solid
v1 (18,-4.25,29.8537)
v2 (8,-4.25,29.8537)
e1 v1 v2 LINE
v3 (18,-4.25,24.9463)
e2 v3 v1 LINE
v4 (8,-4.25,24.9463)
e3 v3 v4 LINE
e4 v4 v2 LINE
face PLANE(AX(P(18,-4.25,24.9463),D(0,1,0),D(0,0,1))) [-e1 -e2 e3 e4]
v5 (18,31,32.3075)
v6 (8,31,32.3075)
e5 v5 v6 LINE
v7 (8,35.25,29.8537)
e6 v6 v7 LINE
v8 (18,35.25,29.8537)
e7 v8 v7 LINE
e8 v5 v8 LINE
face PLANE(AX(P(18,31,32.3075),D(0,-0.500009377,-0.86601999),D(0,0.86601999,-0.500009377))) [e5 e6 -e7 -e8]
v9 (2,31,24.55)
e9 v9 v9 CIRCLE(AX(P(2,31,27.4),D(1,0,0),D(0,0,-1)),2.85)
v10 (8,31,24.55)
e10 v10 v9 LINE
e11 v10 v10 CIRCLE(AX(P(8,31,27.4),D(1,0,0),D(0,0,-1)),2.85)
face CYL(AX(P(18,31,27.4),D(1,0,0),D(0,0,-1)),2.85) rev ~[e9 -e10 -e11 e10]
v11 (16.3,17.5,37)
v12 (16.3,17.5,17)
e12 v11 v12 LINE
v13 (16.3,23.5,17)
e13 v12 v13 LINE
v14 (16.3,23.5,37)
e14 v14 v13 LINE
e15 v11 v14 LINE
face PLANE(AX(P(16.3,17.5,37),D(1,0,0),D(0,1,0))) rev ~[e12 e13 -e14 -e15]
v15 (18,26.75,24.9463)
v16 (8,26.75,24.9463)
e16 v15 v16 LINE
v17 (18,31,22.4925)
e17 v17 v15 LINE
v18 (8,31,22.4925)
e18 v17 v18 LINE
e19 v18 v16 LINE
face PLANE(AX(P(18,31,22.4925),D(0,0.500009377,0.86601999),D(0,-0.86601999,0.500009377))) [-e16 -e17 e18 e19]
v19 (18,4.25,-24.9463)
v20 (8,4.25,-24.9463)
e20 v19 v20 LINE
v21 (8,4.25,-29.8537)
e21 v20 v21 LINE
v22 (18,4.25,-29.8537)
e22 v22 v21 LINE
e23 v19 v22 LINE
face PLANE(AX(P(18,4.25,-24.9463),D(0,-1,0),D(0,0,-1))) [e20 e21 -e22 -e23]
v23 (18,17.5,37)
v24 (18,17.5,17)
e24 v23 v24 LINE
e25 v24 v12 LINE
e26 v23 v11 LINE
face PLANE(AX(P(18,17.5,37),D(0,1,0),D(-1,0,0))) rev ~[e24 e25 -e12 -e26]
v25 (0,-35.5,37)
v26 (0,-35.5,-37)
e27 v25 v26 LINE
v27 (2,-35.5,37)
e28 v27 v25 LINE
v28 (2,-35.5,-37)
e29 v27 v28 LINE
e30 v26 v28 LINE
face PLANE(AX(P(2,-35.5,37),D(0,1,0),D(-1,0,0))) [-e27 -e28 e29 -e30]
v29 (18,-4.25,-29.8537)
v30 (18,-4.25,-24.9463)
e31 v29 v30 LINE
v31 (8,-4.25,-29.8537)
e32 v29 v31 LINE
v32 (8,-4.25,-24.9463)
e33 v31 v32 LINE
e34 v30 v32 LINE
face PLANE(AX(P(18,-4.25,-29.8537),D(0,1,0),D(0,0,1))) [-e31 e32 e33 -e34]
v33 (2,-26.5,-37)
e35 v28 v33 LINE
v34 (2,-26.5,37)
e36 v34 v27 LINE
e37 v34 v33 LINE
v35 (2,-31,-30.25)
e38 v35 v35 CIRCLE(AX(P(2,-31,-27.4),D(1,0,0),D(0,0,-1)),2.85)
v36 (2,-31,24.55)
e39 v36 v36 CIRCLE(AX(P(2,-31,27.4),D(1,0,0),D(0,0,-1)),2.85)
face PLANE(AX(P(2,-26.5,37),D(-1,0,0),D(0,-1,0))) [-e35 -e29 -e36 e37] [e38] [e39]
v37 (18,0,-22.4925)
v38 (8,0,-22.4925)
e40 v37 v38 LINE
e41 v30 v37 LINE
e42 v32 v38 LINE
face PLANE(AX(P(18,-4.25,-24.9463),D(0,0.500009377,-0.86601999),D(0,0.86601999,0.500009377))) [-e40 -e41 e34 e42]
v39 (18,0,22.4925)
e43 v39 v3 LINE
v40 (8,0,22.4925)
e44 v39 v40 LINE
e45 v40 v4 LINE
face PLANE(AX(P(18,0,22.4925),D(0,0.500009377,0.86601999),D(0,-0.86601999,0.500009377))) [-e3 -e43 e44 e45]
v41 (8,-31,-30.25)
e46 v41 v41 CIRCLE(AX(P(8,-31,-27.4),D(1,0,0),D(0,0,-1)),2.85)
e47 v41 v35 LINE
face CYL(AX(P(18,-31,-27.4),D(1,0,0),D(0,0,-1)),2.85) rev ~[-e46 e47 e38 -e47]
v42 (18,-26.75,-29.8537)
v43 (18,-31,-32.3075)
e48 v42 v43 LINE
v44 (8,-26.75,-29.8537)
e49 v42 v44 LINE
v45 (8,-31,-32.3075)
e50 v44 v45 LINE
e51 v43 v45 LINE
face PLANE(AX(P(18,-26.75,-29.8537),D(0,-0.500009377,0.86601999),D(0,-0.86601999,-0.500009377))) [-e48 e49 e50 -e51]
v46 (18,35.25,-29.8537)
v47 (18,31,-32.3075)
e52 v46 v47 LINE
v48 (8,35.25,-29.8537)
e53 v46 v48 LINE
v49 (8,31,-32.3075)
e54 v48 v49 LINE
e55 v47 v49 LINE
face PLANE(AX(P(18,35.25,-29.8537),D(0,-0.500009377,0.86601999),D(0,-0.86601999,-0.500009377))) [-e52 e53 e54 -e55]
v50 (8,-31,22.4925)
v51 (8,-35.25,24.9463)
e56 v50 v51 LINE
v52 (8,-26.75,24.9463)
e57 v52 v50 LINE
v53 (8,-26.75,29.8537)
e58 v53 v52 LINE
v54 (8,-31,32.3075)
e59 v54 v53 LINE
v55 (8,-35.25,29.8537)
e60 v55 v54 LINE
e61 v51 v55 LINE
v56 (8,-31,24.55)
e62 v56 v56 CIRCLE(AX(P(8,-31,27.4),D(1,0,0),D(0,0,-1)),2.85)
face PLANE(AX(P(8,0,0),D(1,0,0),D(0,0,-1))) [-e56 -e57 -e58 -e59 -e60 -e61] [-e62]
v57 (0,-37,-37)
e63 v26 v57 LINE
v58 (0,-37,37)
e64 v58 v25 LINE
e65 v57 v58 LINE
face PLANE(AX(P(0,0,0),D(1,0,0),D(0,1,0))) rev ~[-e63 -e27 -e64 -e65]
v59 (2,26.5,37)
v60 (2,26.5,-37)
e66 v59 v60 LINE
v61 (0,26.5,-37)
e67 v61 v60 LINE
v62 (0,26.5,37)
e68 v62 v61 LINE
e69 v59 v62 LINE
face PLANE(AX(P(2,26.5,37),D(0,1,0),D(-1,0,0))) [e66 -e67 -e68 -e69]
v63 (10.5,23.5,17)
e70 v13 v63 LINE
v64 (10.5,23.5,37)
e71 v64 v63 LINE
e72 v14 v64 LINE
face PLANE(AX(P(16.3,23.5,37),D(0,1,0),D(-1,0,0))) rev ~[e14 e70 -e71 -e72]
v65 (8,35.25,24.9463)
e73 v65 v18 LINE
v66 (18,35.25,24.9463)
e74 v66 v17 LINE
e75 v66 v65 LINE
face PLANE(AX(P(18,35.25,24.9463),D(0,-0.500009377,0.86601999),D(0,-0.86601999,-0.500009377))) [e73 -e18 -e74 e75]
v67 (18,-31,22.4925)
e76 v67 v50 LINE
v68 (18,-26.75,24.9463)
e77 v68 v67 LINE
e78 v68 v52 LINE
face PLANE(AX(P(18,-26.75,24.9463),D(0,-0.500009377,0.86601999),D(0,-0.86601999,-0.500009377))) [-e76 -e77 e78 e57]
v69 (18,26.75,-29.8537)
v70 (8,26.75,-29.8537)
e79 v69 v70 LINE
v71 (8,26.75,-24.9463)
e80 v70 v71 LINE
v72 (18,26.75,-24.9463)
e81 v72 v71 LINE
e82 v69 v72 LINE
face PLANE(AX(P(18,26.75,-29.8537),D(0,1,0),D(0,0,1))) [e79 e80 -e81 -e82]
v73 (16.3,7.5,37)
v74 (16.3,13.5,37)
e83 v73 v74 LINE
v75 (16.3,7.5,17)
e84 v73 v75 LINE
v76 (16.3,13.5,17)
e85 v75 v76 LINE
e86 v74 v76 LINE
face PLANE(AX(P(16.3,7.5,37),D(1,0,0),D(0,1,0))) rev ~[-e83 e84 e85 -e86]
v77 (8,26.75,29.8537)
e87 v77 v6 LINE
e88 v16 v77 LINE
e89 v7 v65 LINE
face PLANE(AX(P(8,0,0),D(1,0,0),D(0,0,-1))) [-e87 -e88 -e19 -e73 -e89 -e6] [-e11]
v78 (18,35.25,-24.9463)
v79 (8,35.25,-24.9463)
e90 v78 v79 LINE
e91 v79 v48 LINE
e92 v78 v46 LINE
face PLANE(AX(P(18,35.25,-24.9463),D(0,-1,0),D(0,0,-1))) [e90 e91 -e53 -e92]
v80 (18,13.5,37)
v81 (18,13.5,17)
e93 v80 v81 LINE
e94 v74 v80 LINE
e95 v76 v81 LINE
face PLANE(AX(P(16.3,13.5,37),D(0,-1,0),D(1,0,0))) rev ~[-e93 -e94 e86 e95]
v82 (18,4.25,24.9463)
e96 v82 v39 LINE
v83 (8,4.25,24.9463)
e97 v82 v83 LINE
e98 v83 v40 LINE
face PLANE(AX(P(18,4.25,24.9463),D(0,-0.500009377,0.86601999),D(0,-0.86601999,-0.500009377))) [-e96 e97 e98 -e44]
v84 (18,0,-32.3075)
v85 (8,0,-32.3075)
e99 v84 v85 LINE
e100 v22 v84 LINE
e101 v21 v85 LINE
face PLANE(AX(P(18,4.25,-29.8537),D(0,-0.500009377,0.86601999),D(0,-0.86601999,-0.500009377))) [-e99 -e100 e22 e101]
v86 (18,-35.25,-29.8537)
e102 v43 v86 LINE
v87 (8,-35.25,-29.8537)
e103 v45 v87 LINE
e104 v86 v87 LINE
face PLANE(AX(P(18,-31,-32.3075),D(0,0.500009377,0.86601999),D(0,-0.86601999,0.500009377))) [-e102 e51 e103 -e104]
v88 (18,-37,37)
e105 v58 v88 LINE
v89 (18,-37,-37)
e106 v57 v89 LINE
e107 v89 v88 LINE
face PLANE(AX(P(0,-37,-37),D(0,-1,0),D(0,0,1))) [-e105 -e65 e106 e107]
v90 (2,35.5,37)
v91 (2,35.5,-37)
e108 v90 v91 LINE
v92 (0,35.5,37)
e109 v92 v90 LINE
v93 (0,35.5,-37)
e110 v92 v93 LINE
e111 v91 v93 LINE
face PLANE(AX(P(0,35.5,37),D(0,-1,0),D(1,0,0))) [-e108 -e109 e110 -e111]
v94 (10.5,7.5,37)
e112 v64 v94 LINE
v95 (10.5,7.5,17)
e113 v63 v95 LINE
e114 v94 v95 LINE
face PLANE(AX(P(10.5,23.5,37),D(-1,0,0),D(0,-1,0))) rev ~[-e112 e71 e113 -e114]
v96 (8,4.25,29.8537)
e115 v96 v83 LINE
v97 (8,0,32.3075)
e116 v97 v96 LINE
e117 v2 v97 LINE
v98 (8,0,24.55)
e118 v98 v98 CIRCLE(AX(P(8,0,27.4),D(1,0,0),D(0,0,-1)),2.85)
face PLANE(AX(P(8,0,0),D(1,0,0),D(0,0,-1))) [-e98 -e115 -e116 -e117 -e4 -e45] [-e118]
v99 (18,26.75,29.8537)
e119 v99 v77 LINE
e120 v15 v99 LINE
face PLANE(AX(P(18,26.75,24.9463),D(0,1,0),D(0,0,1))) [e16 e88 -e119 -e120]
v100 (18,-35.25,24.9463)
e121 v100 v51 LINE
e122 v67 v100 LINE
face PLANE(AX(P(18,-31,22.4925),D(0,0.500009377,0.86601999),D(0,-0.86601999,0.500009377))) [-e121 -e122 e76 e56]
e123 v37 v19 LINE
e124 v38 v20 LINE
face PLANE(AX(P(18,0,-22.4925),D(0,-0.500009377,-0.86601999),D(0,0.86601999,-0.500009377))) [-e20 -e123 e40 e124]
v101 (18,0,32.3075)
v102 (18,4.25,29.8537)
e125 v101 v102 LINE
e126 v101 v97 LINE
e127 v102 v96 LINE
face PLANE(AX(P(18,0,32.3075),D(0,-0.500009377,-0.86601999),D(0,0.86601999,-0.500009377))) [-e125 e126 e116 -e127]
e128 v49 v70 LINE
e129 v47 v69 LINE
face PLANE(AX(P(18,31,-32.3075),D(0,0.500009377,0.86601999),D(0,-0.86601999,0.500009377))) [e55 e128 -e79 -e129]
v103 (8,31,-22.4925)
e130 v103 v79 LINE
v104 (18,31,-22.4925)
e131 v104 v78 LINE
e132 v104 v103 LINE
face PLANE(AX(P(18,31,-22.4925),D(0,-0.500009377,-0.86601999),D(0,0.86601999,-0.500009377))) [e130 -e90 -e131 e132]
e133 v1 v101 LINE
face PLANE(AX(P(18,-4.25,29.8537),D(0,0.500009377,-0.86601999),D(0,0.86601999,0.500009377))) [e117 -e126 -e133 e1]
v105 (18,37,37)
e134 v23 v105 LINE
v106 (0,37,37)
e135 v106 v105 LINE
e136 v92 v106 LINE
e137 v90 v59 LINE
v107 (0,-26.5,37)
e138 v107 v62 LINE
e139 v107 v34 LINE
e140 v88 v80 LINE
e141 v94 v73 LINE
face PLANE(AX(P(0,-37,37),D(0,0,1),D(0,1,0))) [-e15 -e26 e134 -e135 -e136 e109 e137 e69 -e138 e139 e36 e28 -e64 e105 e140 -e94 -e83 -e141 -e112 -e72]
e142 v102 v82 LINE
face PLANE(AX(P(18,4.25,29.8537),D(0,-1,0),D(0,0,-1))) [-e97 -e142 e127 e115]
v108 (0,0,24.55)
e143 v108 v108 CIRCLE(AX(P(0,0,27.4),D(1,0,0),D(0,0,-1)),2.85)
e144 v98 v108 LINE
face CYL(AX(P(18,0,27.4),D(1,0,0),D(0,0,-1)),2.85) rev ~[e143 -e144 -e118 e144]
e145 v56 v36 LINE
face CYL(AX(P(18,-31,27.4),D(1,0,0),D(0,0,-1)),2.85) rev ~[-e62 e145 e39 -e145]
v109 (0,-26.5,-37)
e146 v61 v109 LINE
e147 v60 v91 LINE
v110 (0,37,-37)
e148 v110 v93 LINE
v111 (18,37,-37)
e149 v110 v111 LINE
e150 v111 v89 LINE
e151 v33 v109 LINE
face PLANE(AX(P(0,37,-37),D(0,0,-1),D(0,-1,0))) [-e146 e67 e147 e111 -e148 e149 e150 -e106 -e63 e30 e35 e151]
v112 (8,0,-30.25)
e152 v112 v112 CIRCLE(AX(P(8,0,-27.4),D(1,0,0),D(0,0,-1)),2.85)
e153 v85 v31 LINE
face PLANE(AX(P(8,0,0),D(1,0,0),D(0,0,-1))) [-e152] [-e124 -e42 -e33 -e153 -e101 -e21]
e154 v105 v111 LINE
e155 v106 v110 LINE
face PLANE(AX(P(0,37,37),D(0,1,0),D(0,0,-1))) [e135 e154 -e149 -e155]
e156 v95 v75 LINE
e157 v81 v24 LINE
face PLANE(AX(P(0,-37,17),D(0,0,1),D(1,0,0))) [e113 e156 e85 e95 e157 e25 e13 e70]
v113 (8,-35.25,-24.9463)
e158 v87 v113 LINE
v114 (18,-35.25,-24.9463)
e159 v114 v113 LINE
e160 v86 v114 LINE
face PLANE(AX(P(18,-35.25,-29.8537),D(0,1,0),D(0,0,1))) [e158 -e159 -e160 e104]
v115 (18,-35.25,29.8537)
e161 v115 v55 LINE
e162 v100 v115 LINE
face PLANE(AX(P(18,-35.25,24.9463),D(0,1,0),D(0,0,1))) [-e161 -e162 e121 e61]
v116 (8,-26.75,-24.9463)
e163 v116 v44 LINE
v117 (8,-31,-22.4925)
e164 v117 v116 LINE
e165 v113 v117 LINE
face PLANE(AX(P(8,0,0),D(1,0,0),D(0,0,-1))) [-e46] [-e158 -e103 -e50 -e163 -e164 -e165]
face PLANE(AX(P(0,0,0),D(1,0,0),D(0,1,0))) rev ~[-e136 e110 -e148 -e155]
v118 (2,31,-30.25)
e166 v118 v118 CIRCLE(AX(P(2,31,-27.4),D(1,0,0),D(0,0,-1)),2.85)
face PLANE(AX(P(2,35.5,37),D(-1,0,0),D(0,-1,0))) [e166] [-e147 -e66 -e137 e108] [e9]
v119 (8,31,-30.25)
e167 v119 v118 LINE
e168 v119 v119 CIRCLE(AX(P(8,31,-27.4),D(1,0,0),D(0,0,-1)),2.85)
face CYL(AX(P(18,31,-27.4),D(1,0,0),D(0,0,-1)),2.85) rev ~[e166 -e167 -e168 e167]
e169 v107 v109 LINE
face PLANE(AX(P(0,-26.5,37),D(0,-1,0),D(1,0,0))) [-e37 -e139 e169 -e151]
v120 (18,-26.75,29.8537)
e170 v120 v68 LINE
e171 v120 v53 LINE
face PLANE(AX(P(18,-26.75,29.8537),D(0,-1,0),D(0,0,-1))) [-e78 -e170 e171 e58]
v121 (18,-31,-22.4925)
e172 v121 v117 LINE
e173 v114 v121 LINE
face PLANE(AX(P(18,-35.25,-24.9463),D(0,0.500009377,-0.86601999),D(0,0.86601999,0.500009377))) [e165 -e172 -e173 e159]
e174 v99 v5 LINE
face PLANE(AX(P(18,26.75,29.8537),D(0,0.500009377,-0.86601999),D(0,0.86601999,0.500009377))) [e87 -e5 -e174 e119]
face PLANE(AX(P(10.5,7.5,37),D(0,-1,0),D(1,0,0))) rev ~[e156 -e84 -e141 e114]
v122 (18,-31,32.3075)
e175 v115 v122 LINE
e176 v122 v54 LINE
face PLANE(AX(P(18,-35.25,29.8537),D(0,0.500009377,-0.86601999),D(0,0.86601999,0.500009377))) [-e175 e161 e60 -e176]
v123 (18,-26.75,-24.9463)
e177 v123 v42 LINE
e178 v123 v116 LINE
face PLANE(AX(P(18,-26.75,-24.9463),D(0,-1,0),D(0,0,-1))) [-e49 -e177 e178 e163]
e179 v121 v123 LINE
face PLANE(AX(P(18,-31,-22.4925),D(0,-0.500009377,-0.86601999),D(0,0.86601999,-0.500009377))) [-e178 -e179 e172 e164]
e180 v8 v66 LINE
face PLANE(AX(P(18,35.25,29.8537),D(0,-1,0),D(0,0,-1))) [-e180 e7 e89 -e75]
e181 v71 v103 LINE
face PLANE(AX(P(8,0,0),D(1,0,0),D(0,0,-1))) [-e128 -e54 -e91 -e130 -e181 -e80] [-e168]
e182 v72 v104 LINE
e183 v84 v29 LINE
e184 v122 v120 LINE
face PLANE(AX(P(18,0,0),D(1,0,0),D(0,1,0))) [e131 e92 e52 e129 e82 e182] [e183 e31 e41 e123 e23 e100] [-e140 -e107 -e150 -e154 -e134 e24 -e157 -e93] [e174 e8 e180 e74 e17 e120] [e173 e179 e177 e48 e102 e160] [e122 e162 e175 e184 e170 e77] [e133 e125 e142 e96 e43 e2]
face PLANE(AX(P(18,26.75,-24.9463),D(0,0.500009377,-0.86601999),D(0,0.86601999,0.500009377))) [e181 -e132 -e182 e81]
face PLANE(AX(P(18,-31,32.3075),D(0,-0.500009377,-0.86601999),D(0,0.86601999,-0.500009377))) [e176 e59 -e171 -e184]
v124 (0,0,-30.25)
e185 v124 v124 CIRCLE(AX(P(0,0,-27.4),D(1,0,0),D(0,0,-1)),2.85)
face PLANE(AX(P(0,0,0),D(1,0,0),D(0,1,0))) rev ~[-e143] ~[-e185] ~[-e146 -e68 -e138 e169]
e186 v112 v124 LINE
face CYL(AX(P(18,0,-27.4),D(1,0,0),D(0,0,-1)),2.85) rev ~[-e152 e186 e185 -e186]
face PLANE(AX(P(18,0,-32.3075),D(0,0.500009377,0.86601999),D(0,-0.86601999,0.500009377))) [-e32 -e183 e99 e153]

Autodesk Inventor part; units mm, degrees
ref_plane "YZ Plane" through (0, 0, 0) normal (1, 0, 0) x (0, 1, 0)
ref_plane "XZ Plane" through (0, 0, 0) normal (0, 1, 0) x (-1, 0, 0)
ref_plane "XY Plane" through (0, 0, 0) normal (0, 0, 1) x (1, 0, 0)
sketch "Szkic1" plane through (0, 0, 0) normal (1, 0, 0) x (0, 1, 0)
  line L0 (-37, 37) -> (37, 37)
  line L1 (37, 37) -> (37, -37)
  line L2 (37, -37) -> (-37, -37)
  line L3 (-37, -37) -> (-37, 37)
  line L4 (-37, 37) -> (37, -37) construction
  line L5 (37, 37) -> (-37, -37) construction
  point P0 (0, 0)
  dimension "d0" = 74
  dimension "d1" = 74
extrude "Wyciągnięcie proste1" add sketch "Szkic1" along normal blind 18
sketch "Szkic2" plane through (18, 0, 0) normal (1, 0, 0) x (0, 0, -1)
  circle A0 centre (-27.4, 31) radius 2.85
  line L0 (37, 37) -> (-37, 37) projected
  line L1 (-37, 37) -> (-37, -37) projected
  circle A1 centre (-27.4, 0) radius 2.85
  circle A2 centre (-27.4, -31) radius 2.85
  circle A3 centre (27.4, 31) radius 2.85
  line L2 (37, -37) -> (37, 37) projected
  circle A4 centre (27.4, 0) radius 2.85
  circle A5 centre (27.4, -31) radius 2.85
  line L3 (-29.8537, 35.25) -> (-24.9463, 35.25)
  line L4 (-24.9463, 35.25) -> (-22.4925, 31)
  line L5 (-22.4925, 31) -> (-24.9463, 26.75)
  line L6 (-24.9463, 26.75) -> (-29.8537, 26.75)
  line L7 (-29.8537, 26.75) -> (-32.3075, 31)
  line L8 (-32.3075, 31) -> (-29.8537, 35.25)
  line L9 (-29.8537, 4.25) -> (-24.9463, 4.25)
  line L10 (-24.9463, 4.25) -> (-22.4925, 0)
  line L11 (-22.4925, 0) -> (-24.9463, -4.25)
  line L12 (-24.9463, -4.25) -> (-29.8537, -4.25)
  line L13 (-29.8537, -4.25) -> (-32.3075, 0)
  line L14 (-32.3075, 0) -> (-29.8537, 4.25)
  line L15 (-29.8537, -26.75) -> (-24.9463, -26.75)
  line L16 (-24.9463, -26.75) -> (-22.4925, -31)
  line L17 (-22.4925, -31) -> (-24.9463, -35.25)
  line L18 (-24.9463, -35.25) -> (-29.8537, -35.25)
  line L19 (-29.8537, -35.25) -> (-32.3075, -31)
  line L20 (-32.3075, -31) -> (-29.8537, -26.75)
  line L21 (29.8537, 35.25) -> (32.3075, 31)
  line L22 (32.3075, 31) -> (29.8537, 26.75)
  line L23 (29.8537, 26.75) -> (24.9463, 26.75)
  line L24 (24.9463, 26.75) -> (22.4925, 31)
  line L25 (22.4925, 31) -> (24.9463, 35.25)
  line L26 (24.9463, 35.25) -> (29.8537, 35.25)
  line L27 (29.8537, 4.25) -> (32.3075, 0)
  line L28 (32.3075, 0) -> (29.8537, -4.25)
  line L29 (29.8537, -4.25) -> (24.9463, -4.25)
  line L30 (24.9463, -4.25) -> (22.4925, 0)
  line L31 (22.4925, 0) -> (24.9463, 4.25)
  line L32 (24.9463, 4.25) -> (29.8537, 4.25)
  line L33 (29.8537, -26.75) -> (32.3075, -31)
  line L34 (32.3075, -31) -> (29.8537, -35.25)
  line L35 (29.8537, -35.25) -> (24.9463, -35.25)
  line L36 (24.9463, -35.25) -> (22.4925, -31)
  line L37 (22.4925, -31) -> (24.9463, -26.75)
  line L38 (24.9463, -26.75) -> (29.8537, -26.75)
  point P0 (0, 0)
  point P1 (27.4, -26.75)
  dimension "d4" = 6
  dimension "d5" = 5.7
  dimension "d6" = 9.6
  dimension "d7" = 31
  dimension "d8" = 31
  dimension "d9" = 5.7
  dimension "d10" = 5.7
  dimension "d11" = 9.6
  dimension "d12" = 5.7
  dimension "d13" = 5.7
  dimension "d14" = 5.7
  dimension "d15" = 8.5
  dimension "d16" = 8.5
  dimension "d17" = 8.5
  dimension "d18" = 8.5
  dimension "d19" = 8.5
  dimension "d20" = 8.5
extrude "Wyciągnięcie proste2" cut sketch "Szkic2" against normal through all contours A0 | A1 | A2 | A3 | A4 | A5
extrude "Wyciągnięcie proste3" cut sketch "Szkic2" against normal blind 10 contours A0 | A1 | A2 | A3 | A4 | A5 | L3 L4 L5 L6 L7 L8 | L9 L10 L11 L12 L13 L14 | L15 L16 L17 L18 L19 L20 | L21 L22 L23 L24 L25 L26 | L27 L28 L29 L30 L31 L32 | L33 L34 L35 L36 L37 L38
sketch "Szkic3" plane through (0, -37, 37) normal (0, 0, 1) x (1, 0, 0)
  line L0 (0, 0) -> (0, 74) projected
  line L1 (0, 72.5) -> (2, 72.5)
  line L2 (2, 72.5) -> (2, 63.5)
  line L3 (2, 63.5) -> (0, 63.5)
  line L4 (0, 63.5) -> (0, 72.5)
  line L5 (0, 74) -> (18, 74) projected
  line L6 (0, 10.5) -> (2, 10.5)
  line L7 (2, 10.5) -> (2, 1.5)
  line L8 (2, 1.5) -> (0, 1.5)
  line L9 (0, 1.5) -> (0, 10.5)
  point P0 (0, 37)
  point P1 (0, 1.5)
  point P2 (0, 63.5)
  dimension "d25" = 1.5
  dimension "d26" = 9
  dimension "d27" = 2
  dimension "d28" = 2
  dimension "d29" = 9
  dimension "d30" = 1.5
extrude "Wyciągnięcie proste4" cut sketch "Szkic3" against normal through all
sketch "Szkic4" plane through (0, -37, 37) normal (0, 0, 1) x (1, 0, 0)
  line L0 (10.5, 60.5) -> (10.5, 44.5)
  line L1 (10.5, 44.5) -> (16.3, 44.5)
  line L2 (16.3, 44.5) -> (16.3, 50.5)
  line L3 (16.3, 60.5) -> (10.5, 60.5)
  line L4 (16.3, 50.5) -> (18, 50.5)
  line L5 (18, 50.5) -> (18, 54.5)
  line L6 (18, 54.5) -> (16.3, 54.5)
  line L7 (16.3, 54.5) -> (16.3, 60.5)
  line L8 (16.3, 50.5) -> (16.3, 54.5) construction
  line L9 (18, 74) -> (18, 0) projected
  line L10 (18, 63.75) -> (8, 63.75) projected
  line L11 (18, 63.75) -> (8, 63.75) projected
  point P0 (0, 37)
  dimension "d33" = 5.8
  dimension "d34" = 4
  dimension "d35" = 1.7
  dimension "d36" = 6
  dimension "d37" = 16
  dimension "d38" = 3.25
extrude "Wyciągnięcie proste5" cut sketch "Szkic4" against normal blind 20
properties part number "XItemEndCoverConnector" material "Tworzywo sztuczne ABS"
